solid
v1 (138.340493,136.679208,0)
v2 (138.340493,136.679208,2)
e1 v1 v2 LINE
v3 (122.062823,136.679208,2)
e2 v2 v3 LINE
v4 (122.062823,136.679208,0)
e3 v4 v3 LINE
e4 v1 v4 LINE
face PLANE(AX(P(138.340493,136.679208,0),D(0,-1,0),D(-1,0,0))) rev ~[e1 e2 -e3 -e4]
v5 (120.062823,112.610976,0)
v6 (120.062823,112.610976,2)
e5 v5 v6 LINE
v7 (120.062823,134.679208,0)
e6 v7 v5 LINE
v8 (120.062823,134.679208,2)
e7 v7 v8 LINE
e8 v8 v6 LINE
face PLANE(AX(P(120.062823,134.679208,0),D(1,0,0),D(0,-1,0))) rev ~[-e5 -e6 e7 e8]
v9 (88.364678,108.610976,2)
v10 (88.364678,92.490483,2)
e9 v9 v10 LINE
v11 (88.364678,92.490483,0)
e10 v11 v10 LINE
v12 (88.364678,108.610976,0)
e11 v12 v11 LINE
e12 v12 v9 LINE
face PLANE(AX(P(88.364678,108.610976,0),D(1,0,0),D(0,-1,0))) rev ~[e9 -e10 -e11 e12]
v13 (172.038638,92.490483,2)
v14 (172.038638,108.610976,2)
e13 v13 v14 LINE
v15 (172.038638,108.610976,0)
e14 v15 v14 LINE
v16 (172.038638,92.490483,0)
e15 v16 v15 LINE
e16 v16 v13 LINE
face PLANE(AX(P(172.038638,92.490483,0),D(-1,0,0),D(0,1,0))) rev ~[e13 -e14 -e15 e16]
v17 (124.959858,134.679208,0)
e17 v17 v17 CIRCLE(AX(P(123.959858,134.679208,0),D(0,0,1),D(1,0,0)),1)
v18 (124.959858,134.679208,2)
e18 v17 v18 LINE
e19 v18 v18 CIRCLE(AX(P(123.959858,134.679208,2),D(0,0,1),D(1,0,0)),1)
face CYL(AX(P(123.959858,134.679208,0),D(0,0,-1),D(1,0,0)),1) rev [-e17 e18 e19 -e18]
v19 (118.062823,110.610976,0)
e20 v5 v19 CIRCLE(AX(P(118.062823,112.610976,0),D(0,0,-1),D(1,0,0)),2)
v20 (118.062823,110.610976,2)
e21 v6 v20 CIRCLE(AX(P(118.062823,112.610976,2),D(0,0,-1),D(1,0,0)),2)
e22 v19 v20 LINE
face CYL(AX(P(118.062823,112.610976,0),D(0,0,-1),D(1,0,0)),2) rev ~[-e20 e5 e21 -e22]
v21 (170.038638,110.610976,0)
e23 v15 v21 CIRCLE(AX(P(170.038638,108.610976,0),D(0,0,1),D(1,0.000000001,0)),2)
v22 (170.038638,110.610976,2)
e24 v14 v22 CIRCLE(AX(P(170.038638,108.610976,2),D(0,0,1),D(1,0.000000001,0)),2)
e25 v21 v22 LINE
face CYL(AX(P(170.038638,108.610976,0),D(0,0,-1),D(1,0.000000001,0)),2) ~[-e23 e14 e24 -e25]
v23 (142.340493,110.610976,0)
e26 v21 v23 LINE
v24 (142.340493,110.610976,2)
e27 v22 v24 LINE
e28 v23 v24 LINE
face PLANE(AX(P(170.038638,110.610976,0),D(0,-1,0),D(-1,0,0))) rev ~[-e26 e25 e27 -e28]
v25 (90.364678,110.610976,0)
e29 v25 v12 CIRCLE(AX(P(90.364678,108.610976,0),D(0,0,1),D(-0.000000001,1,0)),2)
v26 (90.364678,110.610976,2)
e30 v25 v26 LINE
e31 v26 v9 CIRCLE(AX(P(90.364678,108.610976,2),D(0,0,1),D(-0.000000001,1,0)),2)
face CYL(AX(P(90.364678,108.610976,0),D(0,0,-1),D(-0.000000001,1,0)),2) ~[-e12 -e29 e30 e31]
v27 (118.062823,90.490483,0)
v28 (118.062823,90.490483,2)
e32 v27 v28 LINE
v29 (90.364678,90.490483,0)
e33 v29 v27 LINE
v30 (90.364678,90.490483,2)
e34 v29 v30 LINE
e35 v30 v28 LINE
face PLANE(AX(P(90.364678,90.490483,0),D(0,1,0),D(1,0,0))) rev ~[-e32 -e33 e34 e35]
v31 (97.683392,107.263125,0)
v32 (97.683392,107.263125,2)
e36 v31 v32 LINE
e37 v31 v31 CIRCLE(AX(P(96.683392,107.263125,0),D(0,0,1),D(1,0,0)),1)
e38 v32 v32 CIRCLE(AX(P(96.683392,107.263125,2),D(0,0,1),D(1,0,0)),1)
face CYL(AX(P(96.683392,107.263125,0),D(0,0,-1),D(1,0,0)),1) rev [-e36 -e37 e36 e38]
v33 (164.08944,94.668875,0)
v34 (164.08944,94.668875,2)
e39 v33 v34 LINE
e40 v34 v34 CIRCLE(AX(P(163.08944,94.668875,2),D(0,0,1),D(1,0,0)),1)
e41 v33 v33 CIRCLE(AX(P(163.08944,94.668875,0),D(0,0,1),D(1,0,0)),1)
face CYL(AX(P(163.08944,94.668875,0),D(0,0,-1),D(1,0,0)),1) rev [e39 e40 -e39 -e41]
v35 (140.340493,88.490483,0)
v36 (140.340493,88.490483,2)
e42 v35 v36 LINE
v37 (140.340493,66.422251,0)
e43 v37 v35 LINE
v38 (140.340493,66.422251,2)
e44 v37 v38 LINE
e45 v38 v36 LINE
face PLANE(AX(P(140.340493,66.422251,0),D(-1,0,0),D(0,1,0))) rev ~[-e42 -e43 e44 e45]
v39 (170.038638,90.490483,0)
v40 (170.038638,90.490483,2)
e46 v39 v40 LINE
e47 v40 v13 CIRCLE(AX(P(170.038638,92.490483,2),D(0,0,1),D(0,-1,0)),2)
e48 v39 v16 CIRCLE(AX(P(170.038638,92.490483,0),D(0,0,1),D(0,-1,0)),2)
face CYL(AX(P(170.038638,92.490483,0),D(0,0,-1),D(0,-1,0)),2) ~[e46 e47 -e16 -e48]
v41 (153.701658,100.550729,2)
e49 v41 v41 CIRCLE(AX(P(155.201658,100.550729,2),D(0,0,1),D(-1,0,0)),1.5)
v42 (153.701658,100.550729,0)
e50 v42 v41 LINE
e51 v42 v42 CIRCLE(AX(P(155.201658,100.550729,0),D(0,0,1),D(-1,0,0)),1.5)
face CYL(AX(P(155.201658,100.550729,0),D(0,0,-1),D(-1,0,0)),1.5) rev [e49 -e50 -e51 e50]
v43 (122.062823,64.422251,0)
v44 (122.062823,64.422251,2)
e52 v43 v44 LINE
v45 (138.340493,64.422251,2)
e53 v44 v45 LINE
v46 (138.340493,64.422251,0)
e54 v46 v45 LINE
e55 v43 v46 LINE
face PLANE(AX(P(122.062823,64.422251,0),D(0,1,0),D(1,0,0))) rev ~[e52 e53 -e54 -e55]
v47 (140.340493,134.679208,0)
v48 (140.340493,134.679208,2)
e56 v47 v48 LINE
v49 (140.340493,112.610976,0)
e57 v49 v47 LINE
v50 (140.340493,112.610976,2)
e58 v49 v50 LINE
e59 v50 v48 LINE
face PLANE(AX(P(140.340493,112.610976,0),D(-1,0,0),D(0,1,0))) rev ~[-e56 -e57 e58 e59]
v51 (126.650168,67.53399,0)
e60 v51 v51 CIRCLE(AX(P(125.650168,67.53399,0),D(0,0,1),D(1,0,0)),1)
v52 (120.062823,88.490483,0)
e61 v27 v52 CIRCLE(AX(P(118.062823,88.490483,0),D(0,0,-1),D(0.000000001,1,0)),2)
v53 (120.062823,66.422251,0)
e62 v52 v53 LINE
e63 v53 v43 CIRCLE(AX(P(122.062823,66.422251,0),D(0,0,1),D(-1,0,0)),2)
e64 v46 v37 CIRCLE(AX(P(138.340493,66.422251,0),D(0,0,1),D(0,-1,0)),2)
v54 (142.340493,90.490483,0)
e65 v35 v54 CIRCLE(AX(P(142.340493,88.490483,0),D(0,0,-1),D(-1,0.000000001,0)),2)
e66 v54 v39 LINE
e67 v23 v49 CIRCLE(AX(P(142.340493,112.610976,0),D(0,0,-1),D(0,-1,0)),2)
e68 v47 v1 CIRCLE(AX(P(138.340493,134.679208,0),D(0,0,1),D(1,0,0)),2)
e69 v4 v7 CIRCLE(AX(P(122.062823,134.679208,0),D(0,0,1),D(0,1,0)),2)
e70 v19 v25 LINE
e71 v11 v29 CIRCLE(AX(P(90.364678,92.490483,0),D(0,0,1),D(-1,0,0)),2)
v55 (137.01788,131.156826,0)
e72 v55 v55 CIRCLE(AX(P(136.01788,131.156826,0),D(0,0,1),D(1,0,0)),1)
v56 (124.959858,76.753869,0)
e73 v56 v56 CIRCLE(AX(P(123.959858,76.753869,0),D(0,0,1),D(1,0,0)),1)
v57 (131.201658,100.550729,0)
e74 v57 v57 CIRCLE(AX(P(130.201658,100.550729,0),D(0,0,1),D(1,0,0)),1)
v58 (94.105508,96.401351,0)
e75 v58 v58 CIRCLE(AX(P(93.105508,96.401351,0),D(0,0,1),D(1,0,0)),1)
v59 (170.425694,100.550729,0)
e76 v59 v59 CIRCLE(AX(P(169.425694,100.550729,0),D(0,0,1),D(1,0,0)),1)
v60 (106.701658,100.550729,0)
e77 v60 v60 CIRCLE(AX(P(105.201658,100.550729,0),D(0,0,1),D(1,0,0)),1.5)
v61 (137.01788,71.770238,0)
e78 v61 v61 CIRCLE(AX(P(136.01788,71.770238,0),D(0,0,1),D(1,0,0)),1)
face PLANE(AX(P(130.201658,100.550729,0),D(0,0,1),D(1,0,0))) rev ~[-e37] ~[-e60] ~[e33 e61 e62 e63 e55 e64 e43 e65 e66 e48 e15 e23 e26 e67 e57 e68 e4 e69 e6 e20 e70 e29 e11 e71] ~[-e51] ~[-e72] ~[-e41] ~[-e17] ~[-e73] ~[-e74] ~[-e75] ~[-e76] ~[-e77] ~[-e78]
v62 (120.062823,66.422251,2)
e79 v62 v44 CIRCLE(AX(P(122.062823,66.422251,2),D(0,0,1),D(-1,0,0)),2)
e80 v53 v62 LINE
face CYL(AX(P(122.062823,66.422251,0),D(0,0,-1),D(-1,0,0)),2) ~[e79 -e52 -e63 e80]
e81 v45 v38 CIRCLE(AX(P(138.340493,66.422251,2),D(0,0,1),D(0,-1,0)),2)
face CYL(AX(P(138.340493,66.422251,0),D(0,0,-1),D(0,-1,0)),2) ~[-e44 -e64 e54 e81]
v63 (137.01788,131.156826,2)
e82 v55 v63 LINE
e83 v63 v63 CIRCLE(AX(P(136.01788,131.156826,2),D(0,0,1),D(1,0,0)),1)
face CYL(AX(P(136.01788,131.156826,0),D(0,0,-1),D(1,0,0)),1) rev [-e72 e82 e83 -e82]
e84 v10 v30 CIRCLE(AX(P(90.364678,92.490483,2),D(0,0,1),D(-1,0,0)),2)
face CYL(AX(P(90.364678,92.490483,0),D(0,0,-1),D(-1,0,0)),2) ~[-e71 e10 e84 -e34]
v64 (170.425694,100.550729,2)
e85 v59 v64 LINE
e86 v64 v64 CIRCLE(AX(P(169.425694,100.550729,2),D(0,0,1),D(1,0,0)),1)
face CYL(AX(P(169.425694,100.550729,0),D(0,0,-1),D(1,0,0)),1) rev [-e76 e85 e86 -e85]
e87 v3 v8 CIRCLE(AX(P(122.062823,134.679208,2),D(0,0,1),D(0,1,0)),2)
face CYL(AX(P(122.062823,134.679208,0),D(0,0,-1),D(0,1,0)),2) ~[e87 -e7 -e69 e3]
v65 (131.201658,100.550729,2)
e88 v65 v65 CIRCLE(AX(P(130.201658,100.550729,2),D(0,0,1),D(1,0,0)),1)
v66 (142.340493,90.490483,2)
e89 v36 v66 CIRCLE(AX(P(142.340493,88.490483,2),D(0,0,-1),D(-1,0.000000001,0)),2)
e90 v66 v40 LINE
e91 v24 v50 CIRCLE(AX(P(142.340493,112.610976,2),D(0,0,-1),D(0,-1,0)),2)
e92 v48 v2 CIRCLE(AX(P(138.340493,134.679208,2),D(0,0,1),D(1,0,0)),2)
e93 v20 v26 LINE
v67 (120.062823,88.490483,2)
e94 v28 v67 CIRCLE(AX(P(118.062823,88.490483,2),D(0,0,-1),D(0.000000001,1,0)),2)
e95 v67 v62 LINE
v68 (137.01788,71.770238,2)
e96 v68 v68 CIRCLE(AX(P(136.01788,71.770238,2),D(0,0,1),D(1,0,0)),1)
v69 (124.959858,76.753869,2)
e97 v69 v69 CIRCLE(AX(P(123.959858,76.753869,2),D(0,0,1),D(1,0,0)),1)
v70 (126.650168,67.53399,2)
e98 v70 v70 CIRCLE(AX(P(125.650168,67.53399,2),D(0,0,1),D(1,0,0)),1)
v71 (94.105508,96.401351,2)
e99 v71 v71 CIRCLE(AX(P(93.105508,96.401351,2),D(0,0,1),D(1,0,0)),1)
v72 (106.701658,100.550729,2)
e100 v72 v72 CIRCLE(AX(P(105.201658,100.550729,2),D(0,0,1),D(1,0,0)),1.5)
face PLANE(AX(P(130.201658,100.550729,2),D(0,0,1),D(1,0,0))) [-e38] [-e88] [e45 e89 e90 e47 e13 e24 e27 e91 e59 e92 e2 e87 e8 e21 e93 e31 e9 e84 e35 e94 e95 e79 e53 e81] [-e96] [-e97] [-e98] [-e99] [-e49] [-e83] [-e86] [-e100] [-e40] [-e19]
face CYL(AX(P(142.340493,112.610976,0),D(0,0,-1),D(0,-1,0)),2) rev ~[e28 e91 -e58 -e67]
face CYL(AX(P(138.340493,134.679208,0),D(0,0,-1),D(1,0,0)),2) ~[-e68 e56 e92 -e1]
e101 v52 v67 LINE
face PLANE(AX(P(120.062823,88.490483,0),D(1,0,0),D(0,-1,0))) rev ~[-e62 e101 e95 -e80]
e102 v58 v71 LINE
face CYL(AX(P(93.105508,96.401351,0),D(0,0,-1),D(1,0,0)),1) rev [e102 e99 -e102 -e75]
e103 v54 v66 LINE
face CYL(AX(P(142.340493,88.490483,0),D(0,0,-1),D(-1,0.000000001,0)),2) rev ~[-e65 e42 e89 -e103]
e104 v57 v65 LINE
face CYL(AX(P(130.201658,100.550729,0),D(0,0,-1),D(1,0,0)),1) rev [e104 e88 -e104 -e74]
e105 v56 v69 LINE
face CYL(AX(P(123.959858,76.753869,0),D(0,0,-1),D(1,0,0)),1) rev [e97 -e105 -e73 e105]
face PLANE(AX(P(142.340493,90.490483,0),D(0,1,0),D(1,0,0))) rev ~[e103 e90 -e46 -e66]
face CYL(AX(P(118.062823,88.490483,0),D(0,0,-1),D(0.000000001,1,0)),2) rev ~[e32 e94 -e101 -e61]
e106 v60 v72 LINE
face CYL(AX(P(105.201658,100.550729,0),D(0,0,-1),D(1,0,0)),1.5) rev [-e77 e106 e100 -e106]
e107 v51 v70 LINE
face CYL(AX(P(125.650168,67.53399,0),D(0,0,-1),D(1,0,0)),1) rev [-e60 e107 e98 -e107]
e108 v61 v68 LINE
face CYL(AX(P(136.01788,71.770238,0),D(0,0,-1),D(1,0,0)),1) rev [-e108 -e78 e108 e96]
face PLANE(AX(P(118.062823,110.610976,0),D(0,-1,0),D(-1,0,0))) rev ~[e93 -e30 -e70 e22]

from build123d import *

# Parameters (mm, degrees)
SKETCH_3_R      = 1.5
SKETCH_3_R_2    = 1
EXTRUDE_1_DEPTH = 2


with BuildPart() as part:
    # 草图3 → 凸台-拉伸1 (new body)
    with BuildSketch(Plane.XY):
        with BuildLine():
            Line((118.06282276, 110.61097636), (90.364678066, 110.61097636))
            ThreePointArc((90.364678066, 110.61097636), (88.950464504, 110.025189922), (88.364678066, 108.61097636))
            Line((88.364678066, 108.61097636), (88.364678066, 92.490482591))
            ThreePointArc((88.364678066, 92.490482591), (88.950464504, 91.076269028), (90.364678066, 90.490482591))
            Line((90.364678066, 90.490482591), (118.06282276, 90.490482591))
            ThreePointArc((118.06282276, 90.490482591), (119.477036322, 89.904696153), (120.06282276, 88.490482591))
            Line((120.06282276, 88.490482591), (120.06282276, 66.422251235))
            ThreePointArc((120.06282276, 66.422251235), (120.648609197, 65.008037673), (122.06282276, 64.422251235))
            Line((122.06282276, 64.422251235), (138.340493265, 64.422251235))
            ThreePointArc((138.340493265, 64.422251235), (139.754706828, 65.008037673), (140.340493265, 66.422251235))
            Line((140.340493265, 66.422251235), (140.340493265, 88.490482591))
            ThreePointArc((140.340493265, 88.490482591), (140.926279703, 89.904696153), (142.340493265, 90.490482591))
            Line((142.340493265, 90.490482591), (170.038637959, 90.490482591))
            ThreePointArc((170.038637959, 90.490482591), (171.452851521, 91.076269028), (172.038637959, 92.490482591))
            Line((172.038637959, 92.490482591), (172.038637959, 108.61097636))
            ThreePointArc((172.038637959, 108.61097636), (171.452851521, 110.025189922), (170.038637959, 110.61097636))
            Line((170.038637959, 110.61097636), (142.340493265, 110.61097636))
            ThreePointArc((142.340493265, 110.61097636), (140.926279703, 111.196762797), (140.340493265, 112.61097636))
            Line((140.340493265, 112.61097636), (140.340493265, 134.679207715))
            ThreePointArc((140.340493265, 134.679207715), (139.754706828, 136.093421277), (138.340493265, 136.679207715))
            Line((138.340493265, 136.679207715), (122.06282276, 136.679207715))
            ThreePointArc((122.06282276, 136.679207715), (120.648609197, 136.093421277), (120.06282276, 134.679207715))
            Line((120.06282276, 134.679207715), (120.06282276, 112.61097636))
            ThreePointArc((120.06282276, 112.61097636), (119.477036322, 111.196762797), (118.06282276, 110.61097636))
        make_face()
        with Locations((105.201658013, 100.550729475)):
            Circle(SKETCH_3_R, mode=Mode.SUBTRACT)
        with Locations(Location((155.201658013, 100.550729475, 0), (0, 0, 180))):
            Circle(SKETCH_3_R, mode=Mode.SUBTRACT)
        with Locations((136.017880342, 131.156826246)):
            Circle(SKETCH_3_R_2, mode=Mode.SUBTRACT)
        with Locations((123.959858439, 76.753868602)):
            Circle(SKETCH_3_R_2, mode=Mode.SUBTRACT)
        with Locations((93.105508276, 96.40135135)):
            Circle(SKETCH_3_R_2, mode=Mode.SUBTRACT)
        with Locations((169.425693967, 100.550729475)):
            Circle(SKETCH_3_R_2, mode=Mode.SUBTRACT)
        with Locations((130.201658013, 100.550729475)):
            Circle(SKETCH_3_R_2, mode=Mode.SUBTRACT)
        with Locations((125.650168223, 67.53399009)):
            Circle(SKETCH_3_R_2, mode=Mode.SUBTRACT)
        with Locations((123.959858439, 134.679207715)):
            Circle(SKETCH_3_R_2, mode=Mode.SUBTRACT)
        with Locations((96.683392317, 107.263125424)):
            Circle(SKETCH_3_R_2, mode=Mode.SUBTRACT)
        with Locations((163.089439849, 94.66887503)):
            Circle(SKETCH_3_R_2, mode=Mode.SUBTRACT)
        with Locations((136.017880342, 71.77023795)):
            Circle(SKETCH_3_R_2, mode=Mode.SUBTRACT)
    extrude(amount=EXTRUDE_1_DEPTH)


solid = part.part
